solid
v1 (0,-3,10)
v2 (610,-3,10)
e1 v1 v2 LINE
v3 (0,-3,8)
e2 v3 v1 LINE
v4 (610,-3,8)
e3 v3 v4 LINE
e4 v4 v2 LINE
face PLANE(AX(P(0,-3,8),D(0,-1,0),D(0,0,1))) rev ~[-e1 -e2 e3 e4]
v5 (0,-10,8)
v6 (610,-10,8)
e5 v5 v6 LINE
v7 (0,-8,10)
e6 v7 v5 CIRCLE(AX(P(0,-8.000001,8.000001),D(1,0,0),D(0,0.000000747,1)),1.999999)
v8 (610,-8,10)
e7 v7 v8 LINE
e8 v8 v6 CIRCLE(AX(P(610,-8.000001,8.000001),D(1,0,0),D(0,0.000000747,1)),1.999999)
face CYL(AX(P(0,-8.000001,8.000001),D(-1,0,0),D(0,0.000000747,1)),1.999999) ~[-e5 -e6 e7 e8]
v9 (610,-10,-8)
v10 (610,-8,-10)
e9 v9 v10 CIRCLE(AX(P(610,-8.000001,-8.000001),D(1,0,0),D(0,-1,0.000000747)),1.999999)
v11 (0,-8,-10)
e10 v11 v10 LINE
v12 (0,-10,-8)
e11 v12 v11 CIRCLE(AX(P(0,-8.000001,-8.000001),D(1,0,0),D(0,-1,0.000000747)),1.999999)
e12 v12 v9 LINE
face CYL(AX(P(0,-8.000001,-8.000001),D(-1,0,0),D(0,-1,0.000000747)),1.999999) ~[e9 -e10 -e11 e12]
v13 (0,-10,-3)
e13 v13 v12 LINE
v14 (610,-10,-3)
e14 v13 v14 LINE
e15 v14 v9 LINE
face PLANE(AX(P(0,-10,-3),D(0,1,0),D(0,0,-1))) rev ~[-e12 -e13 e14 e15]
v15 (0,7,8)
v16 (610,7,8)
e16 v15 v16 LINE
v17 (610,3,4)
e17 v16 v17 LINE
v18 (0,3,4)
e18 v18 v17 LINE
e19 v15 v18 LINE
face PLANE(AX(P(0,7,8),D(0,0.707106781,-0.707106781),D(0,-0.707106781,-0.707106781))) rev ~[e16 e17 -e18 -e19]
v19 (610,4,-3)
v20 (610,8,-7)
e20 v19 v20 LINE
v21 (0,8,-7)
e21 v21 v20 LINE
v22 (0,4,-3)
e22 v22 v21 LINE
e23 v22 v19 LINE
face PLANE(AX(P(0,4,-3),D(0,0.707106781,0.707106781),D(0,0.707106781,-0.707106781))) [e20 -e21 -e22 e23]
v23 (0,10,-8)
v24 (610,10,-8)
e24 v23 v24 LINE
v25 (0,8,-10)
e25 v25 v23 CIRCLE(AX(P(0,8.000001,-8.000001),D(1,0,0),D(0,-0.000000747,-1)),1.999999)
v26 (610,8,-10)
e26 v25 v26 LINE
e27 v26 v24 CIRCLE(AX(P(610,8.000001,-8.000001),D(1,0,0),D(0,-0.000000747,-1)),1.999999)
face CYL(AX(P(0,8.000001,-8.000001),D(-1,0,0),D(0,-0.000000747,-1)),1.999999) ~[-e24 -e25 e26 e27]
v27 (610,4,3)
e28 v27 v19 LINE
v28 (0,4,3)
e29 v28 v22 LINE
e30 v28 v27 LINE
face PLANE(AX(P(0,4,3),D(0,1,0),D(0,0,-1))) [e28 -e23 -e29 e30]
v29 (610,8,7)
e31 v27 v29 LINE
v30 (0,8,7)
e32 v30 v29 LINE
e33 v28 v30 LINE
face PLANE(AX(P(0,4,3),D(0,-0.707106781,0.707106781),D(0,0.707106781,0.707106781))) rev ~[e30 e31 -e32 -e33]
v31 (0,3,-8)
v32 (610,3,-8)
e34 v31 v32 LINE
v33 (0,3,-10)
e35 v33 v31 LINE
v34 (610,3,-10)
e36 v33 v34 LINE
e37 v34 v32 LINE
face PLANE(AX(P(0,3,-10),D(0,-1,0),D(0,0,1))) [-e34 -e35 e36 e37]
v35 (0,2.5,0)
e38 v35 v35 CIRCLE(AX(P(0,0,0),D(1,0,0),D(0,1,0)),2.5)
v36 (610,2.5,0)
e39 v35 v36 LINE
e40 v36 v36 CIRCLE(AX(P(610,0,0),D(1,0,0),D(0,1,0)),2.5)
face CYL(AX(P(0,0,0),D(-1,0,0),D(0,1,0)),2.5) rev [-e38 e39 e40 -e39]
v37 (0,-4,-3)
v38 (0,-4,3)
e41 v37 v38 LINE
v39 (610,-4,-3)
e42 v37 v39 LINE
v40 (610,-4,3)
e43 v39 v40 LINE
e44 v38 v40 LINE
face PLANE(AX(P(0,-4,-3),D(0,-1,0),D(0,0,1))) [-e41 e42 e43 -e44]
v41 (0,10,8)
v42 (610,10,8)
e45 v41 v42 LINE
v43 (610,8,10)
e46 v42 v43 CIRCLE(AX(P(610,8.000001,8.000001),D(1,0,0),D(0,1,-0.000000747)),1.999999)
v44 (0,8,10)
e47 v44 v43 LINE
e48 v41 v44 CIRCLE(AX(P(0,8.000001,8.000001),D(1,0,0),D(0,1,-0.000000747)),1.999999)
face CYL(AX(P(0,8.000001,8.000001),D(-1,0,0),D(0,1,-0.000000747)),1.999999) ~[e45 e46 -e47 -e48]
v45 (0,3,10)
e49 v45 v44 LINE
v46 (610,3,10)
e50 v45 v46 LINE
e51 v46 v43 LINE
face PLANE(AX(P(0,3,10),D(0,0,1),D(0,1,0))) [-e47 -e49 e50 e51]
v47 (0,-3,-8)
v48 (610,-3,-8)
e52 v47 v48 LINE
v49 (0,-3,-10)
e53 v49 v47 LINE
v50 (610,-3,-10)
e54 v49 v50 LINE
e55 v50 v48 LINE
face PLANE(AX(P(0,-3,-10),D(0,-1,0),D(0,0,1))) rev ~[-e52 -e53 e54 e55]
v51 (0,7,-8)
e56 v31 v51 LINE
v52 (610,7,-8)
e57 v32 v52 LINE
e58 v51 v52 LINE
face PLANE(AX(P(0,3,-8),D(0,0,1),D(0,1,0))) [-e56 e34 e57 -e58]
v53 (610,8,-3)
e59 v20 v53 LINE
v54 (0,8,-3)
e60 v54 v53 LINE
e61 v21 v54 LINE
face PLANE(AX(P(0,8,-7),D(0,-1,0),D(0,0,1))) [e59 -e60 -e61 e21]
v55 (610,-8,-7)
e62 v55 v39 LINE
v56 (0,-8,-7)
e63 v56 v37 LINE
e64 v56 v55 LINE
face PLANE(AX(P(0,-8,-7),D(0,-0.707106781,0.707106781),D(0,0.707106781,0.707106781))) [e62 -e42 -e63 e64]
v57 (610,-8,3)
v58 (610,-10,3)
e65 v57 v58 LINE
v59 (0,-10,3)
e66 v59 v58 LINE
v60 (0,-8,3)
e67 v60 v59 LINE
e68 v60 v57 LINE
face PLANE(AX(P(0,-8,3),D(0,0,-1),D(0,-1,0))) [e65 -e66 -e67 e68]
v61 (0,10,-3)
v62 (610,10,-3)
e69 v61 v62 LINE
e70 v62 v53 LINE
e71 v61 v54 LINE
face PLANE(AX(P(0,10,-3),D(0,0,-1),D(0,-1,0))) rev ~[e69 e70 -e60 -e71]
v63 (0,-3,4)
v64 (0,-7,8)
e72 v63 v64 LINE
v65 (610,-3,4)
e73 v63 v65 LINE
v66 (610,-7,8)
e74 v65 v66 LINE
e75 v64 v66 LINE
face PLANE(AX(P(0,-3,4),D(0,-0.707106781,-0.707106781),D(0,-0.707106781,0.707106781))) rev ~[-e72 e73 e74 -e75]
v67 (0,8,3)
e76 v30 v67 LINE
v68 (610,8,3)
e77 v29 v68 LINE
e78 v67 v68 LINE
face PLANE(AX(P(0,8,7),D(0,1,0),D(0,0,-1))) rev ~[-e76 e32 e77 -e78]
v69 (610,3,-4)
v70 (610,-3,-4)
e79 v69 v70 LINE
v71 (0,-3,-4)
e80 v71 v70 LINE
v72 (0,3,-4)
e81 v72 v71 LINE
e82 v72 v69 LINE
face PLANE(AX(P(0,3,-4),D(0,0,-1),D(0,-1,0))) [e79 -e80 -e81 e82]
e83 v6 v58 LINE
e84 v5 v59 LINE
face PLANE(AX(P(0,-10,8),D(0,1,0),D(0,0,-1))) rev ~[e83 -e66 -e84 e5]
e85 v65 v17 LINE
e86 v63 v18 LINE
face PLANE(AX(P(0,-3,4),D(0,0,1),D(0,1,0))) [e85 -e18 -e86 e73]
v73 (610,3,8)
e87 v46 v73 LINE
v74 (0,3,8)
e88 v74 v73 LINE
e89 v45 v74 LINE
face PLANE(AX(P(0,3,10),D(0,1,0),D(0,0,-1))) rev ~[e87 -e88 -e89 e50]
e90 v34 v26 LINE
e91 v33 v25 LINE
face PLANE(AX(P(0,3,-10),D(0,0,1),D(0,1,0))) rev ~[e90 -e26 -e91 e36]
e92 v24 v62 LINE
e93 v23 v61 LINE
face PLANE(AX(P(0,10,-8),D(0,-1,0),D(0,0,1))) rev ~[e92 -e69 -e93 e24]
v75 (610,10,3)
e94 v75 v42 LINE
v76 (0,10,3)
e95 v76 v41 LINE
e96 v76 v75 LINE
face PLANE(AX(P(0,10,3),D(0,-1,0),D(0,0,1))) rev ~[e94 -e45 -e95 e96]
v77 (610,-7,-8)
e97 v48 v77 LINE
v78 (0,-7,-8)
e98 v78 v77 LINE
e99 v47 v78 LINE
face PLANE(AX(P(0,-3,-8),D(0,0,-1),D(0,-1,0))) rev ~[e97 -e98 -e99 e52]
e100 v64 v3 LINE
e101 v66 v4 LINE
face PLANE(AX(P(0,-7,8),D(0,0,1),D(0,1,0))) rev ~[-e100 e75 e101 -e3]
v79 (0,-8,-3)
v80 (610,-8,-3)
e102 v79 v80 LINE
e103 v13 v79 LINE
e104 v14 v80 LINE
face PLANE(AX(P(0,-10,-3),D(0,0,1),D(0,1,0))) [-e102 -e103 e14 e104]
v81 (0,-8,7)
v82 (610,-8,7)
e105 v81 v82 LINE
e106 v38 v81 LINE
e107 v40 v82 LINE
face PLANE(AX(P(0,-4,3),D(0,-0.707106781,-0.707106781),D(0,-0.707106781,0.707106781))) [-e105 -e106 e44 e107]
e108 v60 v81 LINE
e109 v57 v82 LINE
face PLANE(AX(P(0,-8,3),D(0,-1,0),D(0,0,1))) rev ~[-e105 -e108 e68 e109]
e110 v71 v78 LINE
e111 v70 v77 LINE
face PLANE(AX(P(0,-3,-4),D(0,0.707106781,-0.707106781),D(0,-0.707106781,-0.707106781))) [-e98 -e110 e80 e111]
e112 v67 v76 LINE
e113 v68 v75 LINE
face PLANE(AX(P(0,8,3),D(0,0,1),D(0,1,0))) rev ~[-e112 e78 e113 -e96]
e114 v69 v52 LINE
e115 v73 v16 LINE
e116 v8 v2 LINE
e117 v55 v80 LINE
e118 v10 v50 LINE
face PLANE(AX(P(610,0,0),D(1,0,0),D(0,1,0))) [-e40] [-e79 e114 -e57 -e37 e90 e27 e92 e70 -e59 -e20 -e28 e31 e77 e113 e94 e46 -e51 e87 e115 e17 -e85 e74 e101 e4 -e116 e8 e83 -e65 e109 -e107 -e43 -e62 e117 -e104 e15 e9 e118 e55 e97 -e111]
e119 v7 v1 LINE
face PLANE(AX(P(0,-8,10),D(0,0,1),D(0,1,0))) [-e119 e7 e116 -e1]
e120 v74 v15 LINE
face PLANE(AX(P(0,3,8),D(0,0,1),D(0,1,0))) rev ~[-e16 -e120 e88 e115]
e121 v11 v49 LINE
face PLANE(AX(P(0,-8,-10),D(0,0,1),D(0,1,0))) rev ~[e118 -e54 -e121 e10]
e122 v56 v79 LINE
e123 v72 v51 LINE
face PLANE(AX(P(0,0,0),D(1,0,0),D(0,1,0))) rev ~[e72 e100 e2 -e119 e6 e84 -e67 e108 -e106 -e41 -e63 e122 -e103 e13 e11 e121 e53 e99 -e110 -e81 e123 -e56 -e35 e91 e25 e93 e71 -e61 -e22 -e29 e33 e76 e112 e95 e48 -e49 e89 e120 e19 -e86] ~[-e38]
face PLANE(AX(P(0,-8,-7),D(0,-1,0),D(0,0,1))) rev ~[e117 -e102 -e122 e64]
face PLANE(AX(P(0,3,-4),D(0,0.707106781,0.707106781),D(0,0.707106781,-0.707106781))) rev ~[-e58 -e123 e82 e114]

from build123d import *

# Parameters (mm, degrees)
SKETCH_R  = 2.5
PAD_DEPTH = 610


with BuildPart() as part:
    # Sketch → Pad (new body)
    with BuildSketch(Plane.YZ):
        with BuildLine():
            ThreePointArc((-8, 10), (-9.414214, 9.414214), (-10, 8))
            Line((-10, 8), (-10, 3))
            Line((-8, 3), (-10, 3))
            Line((-8, 3), (-8, 7))
            Line((-4, 3), (-8, 7))
            Line((-4, -3), (-4, 3))
            Line((-8, -7), (-4, -3))
            Line((-8, -7), (-8, -3))
            Line((-10, -3), (-8, -3))
            Line((-10, -3), (-10, -8))
            ThreePointArc((-10, -8), (-9.414214, -9.414214), (-8, -10))
            Line((-8, -10), (-3, -10))
            Line((-3, -10), (-3, -8))
            Line((-3, -8), (-7, -8))
            Line((-3, -4), (-7, -8))
            Line((3, -4), (-3, -4))
            Line((3, -4), (7, -8))
            Line((3, -8), (7, -8))
            Line((3, -10), (3, -8))
            Line((3, -10), (8, -10))
            ThreePointArc((8, -10), (9.414214, -9.414214), (10, -8))
            Line((10, -8), (10, -3))
            Line((10, -3), (8, -3))
            Line((8, -7), (8, -3))
            Line((4, -3), (8, -7))
            Line((4, 3), (4, -3))
            Line((4, 3), (8, 7))
            Line((8, 7), (8, 3))
            Line((8, 3), (10, 3))
            Line((10, 3), (10, 8))
            ThreePointArc((10, 8), (9.414214, 9.414214), (8, 10))
            Line((3, 10), (8, 10))
            Line((3, 10), (3, 8))
            Line((3, 8), (7, 8))
            Line((7, 8), (3, 4))
            Line((-3, 4), (3, 4))
            Line((-3, 4), (-7, 8))
            Line((-7, 8), (-3, 8))
            Line((-3, 8), (-3, 10))
            Line((-8, 10), (-3, 10))
        make_face()
        Circle(SKETCH_R, mode=Mode.SUBTRACT)
    extrude(amount=PAD_DEPTH)


solid = part.part
